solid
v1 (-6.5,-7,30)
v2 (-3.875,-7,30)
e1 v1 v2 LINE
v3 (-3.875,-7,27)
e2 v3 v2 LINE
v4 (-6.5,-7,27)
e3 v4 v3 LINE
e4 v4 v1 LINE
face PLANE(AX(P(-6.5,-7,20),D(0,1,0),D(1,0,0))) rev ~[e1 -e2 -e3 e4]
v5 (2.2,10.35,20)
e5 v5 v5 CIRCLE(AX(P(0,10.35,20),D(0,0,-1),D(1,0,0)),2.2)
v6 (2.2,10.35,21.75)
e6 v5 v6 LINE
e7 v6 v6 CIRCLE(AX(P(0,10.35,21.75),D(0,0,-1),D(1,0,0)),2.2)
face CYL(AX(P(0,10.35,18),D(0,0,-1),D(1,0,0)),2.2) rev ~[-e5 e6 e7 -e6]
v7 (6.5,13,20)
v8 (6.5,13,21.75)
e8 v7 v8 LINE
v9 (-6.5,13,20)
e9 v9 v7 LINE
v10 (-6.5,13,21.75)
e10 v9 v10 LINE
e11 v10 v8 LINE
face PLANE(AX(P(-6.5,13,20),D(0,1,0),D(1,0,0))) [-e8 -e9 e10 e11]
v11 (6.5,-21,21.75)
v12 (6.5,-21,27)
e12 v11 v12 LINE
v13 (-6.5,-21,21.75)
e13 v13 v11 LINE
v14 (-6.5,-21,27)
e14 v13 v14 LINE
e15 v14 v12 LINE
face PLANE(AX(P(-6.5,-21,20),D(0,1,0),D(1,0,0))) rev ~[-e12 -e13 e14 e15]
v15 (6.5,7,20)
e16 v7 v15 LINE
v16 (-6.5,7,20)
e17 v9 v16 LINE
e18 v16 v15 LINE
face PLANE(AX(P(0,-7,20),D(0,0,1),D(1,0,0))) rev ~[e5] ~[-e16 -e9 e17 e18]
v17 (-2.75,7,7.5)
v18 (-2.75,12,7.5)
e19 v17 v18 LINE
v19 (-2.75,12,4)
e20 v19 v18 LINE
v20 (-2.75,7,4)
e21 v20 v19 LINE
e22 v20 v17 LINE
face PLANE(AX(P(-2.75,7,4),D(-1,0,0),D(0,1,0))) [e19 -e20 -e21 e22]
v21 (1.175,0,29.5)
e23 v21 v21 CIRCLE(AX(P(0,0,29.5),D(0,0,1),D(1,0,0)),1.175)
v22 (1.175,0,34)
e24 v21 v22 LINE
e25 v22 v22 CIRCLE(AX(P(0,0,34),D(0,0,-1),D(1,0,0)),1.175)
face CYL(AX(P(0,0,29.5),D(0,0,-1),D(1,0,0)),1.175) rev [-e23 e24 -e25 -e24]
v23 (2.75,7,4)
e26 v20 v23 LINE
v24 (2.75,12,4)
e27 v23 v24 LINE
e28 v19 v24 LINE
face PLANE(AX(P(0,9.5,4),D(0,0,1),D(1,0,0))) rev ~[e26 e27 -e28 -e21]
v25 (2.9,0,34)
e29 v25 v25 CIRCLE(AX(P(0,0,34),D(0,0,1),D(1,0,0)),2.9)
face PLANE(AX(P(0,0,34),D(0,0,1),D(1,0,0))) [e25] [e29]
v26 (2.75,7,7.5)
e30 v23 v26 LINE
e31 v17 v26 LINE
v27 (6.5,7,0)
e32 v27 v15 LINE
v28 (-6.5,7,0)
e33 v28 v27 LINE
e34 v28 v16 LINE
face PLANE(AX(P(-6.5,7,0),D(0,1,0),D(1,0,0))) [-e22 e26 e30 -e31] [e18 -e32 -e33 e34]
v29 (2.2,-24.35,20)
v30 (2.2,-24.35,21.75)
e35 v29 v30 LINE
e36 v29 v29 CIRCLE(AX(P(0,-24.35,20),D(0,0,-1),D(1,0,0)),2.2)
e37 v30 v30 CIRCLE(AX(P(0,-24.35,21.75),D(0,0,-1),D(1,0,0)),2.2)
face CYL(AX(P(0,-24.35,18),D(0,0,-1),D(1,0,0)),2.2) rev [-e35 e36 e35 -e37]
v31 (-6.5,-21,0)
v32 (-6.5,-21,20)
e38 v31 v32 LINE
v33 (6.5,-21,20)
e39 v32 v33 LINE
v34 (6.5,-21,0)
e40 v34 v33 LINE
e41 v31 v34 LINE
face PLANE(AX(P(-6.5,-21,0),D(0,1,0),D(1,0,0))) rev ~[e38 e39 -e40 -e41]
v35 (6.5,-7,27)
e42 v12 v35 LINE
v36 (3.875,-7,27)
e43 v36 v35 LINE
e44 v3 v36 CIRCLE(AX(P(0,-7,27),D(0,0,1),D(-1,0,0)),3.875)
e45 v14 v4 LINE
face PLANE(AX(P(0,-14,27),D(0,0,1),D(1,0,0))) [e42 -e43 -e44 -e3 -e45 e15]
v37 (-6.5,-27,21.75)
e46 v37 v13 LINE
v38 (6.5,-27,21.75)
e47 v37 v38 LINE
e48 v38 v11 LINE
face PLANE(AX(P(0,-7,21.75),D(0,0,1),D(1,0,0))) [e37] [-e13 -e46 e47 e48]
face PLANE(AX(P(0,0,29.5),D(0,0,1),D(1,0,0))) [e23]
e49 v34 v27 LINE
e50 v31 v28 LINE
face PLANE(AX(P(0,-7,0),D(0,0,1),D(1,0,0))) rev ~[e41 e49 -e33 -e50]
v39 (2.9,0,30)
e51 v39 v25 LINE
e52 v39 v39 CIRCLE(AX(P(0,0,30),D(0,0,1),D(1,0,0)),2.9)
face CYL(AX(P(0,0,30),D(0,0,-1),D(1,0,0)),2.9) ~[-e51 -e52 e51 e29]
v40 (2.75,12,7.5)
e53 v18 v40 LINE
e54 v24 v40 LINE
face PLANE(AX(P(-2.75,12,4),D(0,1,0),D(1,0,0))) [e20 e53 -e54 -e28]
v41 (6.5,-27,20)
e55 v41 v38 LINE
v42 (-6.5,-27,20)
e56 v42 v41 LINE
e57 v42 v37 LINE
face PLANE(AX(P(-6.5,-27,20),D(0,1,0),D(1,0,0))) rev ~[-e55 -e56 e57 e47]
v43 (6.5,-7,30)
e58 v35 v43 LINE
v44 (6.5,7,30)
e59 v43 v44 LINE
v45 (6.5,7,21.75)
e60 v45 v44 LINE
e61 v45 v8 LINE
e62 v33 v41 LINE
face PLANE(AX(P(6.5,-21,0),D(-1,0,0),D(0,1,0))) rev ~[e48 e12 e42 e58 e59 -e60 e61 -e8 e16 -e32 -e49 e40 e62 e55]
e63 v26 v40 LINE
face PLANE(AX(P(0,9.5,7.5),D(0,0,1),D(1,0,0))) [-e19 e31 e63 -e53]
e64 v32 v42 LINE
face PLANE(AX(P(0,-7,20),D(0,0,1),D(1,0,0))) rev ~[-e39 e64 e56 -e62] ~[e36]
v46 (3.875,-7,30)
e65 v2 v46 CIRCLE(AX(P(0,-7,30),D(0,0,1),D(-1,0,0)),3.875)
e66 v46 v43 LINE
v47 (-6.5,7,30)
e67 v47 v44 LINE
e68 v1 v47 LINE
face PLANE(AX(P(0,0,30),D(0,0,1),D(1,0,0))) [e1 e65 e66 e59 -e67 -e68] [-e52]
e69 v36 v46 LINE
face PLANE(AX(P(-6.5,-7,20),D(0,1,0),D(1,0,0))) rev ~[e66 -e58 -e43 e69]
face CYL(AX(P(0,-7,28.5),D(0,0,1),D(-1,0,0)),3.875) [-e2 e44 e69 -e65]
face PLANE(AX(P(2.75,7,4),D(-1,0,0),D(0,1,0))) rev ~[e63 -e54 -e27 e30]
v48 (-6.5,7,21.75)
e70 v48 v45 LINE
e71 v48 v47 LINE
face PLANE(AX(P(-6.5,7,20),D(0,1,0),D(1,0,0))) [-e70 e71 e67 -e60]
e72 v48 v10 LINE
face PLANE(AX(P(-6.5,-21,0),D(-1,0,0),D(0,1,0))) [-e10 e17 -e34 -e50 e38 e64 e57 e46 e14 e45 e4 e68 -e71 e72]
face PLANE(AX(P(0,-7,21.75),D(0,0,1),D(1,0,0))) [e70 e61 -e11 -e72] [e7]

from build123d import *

# Parameters (mm, degrees)
CYLINDER001_R     = 2.2
CYLINDER001_DEPTH = 5
CYLINDER002_R     = 1.175
CYLINDER002_DEPTH = 5
BOX004_W          = 5.5
BOX004_H          = 5
BOX004_DEPTH      = 3.5
CYLINDER_R        = 2.9
CYLINDER_DEPTH    = 4
BOX003_W          = 13
BOX003_H          = 14
BOX003_DEPTH      = 7
BOX002_W          = 13
BOX002_H          = 14
BOX002_DEPTH      = 10
BOX001_W          = 13
BOX001_H          = 40
BOX001_DEPTH      = 1.75
BOX_W             = 13
BOX_H             = 28
BOX_DEPTH         = 20
CYLINDER003_W     = 3.875
CYLINDER003_H     = 3
CYLINDER003_ANGLE = 180


with BuildPart() as taladro_master:
    # Cylinder001 → Cylinder001 (new body)
    with BuildSketch(Plane(origin=(0, -17.35, 18), x_dir=(1, 0, 0), z_dir=(0, 0, 1))):
        Circle(CYLINDER001_R)
    extrude(amount=CYLINDER001_DEPTH)


with BuildPart() as hueco_central_eje_de_arrastre:
    # Cylinder002 → Cylinder002 (new body)
    with BuildSketch(Plane(origin=(0, 7, 29.5), x_dir=(1, 0, 0), z_dir=(0, 0, 1))):
        Circle(CYLINDER002_R)
    extrude(amount=CYLINDER002_DEPTH)


with BuildPart() as fusion_huecos:
    # Part__Mirroring: instance of Taladro master
    add(taladro_master.part.mirror(Plane(origin=(0, 0, 0), x_dir=(1, 0, 0), z_dir=(0, 1, 0))))

    # Fusion001: union Taladro master, Hueco central eje de arrastre
    add(taladro_master.part)
    add(hueco_central_eje_de_arrastre.part)


with BuildPart() as salida_de_cableado:
    # Box004 → Box004 (new body)
    with BuildSketch(Plane(origin=(3.75, 28, 4), x_dir=(1, 0, 0), z_dir=(0, 0, 1))):
        with Locations((2.75, 2.5)):
            Rectangle(BOX004_W, BOX004_H)
    extrude(amount=BOX004_DEPTH)


with BuildPart() as cilindro:
    # Cylinder → Cylinder (new body)
    with BuildSketch(Plane(origin=(6.5, 21, 30), x_dir=(1, 0, 0), z_dir=(0, 0, 1))):
        Circle(CYLINDER_R)
    extrude(amount=CYLINDER_DEPTH)


with BuildPart() as resalte_superior:
    # Box003 → Box003 (new body)
    with BuildSketch(Plane.XY.offset(20)):
        with Locations((6.5, 7)):
            Rectangle(BOX003_W, BOX003_H)
    extrude(amount=BOX003_DEPTH)


with BuildPart() as cubo_eje:
    # Box002 → Box002 (new body)
    with BuildSketch(Plane(origin=(0, 14, 20), x_dir=(1, 0, 0), z_dir=(0, 0, 1))):
        with Locations((6.5, 7)):
            Rectangle(BOX002_W, BOX002_H)
    extrude(amount=BOX002_DEPTH)


with BuildPart() as aleta:
    # Box001 → Box001 (new body)
    with BuildSketch(Plane(origin=(0, -6, 20), x_dir=(1, 0, 0), z_dir=(0, 0, 1))):
        with Locations((6.5, 20)):
            Rectangle(BOX001_W, BOX001_H)
    extrude(amount=BOX001_DEPTH)


with BuildPart() as cuerpo_ppal_servo:
    # Box → Box (new body)
    with BuildSketch(Plane.XY):
        with Locations((6.5, 14)):
            Rectangle(BOX_W, BOX_H)
    extrude(amount=BOX_DEPTH)


with BuildPart() as servo_hd1160a_master:
    # Cylinder003 → Cylinder003 (revolve)
    with BuildSketch(Plane(origin=(6.5, 14, 27), x_dir=(-1, 0, 0), z_dir=(0, 1, 0))):
        with Locations((1.9375, 1.5)):
            Rectangle(CYLINDER003_W, CYLINDER003_H)
    revolve(axis=Axis((6.5, 14, 27), (0, 0, 1)), revolution_arc=CYLINDER003_ANGLE)

    # Fusion: union Salida de cableado, Cilindro, resalte superior, Cubo eje, Aleta, Cuerpo ppal servo
    add(salida_de_cableado.part)
    add(cilindro.part)
    add(resalte_superior.part)
    add(cubo_eje.part)
    add(aleta.part)
    add(cuerpo_ppal_servo.part)


with BuildPart() as servo_hd1160a_master_1:
    # Fusion placement: moved
    add(servo_hd1160a_master.part.moved(Location((-6.5, -14, 0))))

    # Cut: cut Fusion huecos
    add(fusion_huecos.part, mode=Mode.SUBTRACT)


with BuildPart() as servo_hd1160a_master_2:
    # Cut placement: moved
    add(servo_hd1160a_master_1.part.moved(Location((0, -7, 0))))


solid = servo_hd1160a_master_2.part
